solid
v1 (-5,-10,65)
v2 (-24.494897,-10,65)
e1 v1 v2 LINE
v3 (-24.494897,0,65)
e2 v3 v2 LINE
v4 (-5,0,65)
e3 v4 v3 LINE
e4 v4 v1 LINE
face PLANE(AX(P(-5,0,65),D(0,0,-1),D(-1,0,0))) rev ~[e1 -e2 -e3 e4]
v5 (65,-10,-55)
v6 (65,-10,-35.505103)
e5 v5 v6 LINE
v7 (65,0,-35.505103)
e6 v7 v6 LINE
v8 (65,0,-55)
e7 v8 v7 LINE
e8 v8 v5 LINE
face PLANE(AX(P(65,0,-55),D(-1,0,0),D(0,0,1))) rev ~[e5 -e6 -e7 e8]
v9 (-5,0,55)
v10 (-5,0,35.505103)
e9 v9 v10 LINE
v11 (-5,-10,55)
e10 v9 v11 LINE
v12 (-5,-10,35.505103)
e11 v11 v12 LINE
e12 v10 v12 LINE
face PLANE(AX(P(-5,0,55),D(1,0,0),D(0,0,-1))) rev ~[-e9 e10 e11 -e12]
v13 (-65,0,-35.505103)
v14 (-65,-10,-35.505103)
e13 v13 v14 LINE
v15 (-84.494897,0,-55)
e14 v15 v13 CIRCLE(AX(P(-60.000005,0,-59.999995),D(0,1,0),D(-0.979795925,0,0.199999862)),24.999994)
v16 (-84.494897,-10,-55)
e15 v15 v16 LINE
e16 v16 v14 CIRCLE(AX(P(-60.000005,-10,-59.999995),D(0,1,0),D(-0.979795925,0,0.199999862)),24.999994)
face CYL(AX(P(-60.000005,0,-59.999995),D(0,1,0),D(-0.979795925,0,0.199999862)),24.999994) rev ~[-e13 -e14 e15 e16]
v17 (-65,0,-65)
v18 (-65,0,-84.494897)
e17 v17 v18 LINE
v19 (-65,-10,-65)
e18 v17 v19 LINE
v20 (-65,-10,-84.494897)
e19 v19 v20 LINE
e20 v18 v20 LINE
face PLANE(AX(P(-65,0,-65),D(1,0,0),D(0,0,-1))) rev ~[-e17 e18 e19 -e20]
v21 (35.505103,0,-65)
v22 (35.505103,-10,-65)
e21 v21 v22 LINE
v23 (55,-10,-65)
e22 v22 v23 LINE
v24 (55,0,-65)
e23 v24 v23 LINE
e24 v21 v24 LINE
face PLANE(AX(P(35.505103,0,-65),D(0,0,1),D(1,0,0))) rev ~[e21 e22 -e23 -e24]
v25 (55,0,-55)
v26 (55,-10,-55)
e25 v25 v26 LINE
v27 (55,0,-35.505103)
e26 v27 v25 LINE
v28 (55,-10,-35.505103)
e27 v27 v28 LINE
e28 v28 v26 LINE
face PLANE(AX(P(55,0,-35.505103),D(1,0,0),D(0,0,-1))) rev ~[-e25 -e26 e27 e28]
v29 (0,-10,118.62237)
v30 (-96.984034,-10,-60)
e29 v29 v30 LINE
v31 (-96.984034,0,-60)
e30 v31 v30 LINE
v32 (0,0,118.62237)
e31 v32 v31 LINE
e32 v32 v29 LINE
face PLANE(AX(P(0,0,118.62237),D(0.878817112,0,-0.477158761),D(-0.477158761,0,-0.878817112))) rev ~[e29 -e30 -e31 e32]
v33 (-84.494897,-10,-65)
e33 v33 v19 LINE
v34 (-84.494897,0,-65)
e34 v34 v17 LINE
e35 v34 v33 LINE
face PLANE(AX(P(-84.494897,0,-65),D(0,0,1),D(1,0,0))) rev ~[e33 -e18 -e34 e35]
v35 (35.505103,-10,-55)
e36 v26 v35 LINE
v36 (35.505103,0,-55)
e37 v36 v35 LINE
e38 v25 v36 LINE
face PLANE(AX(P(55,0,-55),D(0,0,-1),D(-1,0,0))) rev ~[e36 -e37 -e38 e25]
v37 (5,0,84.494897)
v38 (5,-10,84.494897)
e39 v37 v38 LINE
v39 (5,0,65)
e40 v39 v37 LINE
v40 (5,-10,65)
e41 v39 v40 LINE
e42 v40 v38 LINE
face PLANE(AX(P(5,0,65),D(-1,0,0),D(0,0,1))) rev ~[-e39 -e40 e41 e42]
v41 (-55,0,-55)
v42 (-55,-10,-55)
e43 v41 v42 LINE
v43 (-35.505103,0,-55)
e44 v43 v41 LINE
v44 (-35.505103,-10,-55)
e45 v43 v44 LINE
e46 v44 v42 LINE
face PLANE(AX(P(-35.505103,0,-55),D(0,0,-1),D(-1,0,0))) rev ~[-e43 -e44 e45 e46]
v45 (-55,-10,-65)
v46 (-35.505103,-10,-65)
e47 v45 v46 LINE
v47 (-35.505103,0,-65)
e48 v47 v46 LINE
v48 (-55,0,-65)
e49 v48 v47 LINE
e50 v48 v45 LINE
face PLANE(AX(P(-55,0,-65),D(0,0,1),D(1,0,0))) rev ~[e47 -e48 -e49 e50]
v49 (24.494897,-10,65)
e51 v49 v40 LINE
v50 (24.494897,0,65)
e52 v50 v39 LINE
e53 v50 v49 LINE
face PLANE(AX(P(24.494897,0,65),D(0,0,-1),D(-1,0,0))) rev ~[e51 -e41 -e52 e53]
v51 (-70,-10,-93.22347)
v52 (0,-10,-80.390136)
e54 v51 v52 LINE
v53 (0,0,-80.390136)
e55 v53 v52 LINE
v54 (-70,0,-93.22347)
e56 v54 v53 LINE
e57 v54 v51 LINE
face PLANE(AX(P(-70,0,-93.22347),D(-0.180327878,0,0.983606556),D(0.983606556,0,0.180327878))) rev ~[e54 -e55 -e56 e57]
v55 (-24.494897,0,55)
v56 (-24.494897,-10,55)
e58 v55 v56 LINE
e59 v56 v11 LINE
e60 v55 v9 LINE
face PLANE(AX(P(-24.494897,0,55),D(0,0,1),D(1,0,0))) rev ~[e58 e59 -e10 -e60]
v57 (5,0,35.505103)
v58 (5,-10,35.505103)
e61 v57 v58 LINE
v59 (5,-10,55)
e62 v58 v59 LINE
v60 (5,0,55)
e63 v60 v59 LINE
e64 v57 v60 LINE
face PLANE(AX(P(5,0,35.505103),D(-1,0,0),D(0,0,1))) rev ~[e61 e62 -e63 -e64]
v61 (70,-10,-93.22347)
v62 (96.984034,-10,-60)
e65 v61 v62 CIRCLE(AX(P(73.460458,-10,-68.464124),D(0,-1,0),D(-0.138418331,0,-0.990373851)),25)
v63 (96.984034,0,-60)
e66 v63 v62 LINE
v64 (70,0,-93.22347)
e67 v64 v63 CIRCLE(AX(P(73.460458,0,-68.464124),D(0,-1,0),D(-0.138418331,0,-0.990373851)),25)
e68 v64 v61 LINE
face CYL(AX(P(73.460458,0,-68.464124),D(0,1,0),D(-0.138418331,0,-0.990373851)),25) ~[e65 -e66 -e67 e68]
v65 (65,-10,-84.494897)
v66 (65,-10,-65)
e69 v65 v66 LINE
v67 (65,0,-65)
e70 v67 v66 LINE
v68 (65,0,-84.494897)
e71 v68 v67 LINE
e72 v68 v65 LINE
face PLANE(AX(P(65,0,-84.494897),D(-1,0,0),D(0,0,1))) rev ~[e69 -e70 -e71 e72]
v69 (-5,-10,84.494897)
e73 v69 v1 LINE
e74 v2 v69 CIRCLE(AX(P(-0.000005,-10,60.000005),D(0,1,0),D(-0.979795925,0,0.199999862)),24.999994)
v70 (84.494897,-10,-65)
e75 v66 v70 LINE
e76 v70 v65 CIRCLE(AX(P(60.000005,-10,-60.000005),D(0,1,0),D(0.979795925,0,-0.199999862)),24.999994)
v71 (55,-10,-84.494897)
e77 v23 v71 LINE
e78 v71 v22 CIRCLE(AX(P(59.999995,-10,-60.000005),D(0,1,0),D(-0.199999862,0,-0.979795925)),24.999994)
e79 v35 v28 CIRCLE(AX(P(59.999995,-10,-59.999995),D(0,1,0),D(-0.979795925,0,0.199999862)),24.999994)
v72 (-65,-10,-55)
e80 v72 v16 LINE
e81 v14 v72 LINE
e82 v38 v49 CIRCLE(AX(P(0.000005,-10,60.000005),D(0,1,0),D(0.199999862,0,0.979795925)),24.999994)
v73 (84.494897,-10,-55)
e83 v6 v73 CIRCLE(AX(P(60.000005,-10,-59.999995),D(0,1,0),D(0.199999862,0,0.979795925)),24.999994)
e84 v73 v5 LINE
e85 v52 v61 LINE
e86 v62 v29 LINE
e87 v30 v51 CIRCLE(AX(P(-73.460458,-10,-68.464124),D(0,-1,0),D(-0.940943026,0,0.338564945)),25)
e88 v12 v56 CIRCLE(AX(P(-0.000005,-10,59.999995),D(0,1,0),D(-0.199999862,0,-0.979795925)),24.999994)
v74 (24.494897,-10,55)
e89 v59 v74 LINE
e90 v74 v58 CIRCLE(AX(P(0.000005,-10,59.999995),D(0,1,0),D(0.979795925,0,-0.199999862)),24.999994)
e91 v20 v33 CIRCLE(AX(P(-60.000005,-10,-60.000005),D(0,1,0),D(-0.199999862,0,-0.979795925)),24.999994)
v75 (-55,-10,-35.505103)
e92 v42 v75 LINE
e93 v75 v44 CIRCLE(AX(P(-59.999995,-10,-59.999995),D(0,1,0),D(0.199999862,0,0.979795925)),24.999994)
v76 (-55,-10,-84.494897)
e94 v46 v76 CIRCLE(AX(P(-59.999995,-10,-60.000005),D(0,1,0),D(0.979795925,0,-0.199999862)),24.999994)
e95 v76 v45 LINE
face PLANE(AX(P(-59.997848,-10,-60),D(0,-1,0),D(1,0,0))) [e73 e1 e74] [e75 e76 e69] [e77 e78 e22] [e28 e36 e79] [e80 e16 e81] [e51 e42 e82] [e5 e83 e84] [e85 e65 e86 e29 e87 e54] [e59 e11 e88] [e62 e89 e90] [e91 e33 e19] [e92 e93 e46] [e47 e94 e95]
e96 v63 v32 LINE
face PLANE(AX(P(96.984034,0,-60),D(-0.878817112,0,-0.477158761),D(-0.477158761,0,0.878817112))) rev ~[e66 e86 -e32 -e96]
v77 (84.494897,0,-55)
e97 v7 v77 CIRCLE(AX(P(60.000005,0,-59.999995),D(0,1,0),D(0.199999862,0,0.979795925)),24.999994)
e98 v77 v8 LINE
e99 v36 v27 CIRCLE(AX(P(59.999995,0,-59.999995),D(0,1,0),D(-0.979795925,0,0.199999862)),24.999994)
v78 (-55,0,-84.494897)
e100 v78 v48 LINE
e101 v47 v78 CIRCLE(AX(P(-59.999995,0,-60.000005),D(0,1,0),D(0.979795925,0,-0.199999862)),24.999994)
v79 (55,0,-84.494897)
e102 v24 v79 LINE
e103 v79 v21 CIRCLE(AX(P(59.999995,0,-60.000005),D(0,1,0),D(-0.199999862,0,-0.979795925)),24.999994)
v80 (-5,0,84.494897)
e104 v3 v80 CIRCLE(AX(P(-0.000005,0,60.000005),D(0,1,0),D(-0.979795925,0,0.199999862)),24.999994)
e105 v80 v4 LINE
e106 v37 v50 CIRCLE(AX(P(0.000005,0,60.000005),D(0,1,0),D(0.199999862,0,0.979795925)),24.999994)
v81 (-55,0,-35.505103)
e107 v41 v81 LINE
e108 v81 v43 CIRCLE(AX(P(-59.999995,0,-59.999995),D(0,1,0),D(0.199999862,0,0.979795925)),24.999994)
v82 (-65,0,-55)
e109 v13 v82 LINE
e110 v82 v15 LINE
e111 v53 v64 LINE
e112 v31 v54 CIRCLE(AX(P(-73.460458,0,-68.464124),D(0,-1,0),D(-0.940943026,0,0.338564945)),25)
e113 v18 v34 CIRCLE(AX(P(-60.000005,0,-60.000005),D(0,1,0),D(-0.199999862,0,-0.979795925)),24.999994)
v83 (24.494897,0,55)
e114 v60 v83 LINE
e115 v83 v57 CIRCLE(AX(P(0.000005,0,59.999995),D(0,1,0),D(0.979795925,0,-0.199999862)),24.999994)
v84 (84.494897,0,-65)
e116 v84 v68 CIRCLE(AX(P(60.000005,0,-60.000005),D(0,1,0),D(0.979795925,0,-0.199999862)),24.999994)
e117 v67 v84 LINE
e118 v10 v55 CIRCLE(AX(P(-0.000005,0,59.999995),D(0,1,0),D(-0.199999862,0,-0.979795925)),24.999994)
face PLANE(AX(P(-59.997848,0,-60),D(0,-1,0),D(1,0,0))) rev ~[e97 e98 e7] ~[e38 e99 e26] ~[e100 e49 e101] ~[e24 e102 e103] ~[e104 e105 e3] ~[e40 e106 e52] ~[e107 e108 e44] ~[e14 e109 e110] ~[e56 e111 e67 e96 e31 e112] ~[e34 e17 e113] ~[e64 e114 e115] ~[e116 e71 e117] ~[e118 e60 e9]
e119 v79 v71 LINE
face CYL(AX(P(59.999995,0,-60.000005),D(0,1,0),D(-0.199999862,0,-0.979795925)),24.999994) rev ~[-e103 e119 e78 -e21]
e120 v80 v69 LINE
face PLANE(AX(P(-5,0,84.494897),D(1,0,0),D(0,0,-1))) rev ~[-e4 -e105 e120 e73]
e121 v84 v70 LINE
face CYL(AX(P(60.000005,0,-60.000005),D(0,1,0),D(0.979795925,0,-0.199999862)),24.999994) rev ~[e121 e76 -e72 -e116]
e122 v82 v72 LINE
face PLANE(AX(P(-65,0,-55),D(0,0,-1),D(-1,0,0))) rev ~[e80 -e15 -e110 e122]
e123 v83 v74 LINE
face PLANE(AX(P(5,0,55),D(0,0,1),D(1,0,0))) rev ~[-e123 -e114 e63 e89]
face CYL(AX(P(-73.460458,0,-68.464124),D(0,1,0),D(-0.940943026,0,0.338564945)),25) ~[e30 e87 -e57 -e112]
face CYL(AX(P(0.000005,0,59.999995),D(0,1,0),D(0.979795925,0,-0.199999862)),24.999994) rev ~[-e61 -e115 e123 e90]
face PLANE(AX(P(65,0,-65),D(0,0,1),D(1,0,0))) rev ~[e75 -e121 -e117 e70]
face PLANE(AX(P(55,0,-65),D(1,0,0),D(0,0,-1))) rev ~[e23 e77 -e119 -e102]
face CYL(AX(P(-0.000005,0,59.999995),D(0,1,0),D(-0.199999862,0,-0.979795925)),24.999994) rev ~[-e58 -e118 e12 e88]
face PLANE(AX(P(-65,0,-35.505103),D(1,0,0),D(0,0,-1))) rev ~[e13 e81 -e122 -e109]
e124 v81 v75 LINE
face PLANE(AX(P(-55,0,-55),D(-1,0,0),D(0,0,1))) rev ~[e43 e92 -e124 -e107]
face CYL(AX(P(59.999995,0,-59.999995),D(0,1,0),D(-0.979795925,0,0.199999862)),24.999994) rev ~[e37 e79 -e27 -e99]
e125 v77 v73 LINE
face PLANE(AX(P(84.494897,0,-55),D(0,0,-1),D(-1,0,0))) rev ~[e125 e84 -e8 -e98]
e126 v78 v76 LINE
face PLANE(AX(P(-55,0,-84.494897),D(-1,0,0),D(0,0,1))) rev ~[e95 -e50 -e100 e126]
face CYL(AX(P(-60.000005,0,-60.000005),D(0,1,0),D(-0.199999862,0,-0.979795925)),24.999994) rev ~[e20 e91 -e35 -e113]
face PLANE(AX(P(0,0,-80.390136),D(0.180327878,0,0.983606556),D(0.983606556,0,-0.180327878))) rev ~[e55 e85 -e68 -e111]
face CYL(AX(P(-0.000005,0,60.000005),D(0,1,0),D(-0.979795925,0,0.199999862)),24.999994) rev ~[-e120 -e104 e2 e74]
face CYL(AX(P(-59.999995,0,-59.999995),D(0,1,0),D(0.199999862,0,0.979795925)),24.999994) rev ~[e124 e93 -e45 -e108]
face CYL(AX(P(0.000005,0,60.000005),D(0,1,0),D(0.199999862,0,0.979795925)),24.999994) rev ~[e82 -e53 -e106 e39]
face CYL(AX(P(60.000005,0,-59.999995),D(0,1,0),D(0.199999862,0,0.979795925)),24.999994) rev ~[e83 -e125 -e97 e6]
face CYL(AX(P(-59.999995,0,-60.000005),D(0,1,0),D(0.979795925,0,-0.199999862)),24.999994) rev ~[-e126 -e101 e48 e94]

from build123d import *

# Parameters (mm, degrees)
F1_DEPTH = 10
F2_DEPTH = 10


with BuildPart() as f1:
    # F0 (on Front) → F1 (new body)
    with BuildSketch(Plane.XZ):
        with BuildLine():
            Line((96.984034, -60), (0, 118.62237))
            Line((0, 118.62237), (-96.984034, -60))
            ThreePointArc((-96.984034, -60), (-92.866177, -84.225408), (-70, -93.22347))
            Line((-70, -93.22347), (0, -80.390136))
            Line((0, -80.390136), (70, -93.22347))
            ThreePointArc((70, -93.22347), (92.866177, -84.225408), (96.984034, -60))
        make_face()
        with BuildLine():
            ThreePointArc((-35.505103, -55), (-35.126596, -57.487276), (-35, -60))
            ThreePointArc((-35, -60), (-35.126596, -62.512724), (-35.505103, -65))
            ThreePointArc((-35.505103, -65), (-42.32233, -77.67767), (-55, -84.494897))
            ThreePointArc((-55, -84.494897), (-60, -85), (-65, -84.494897))
            ThreePointArc((-65, -84.494897), (-77.67767, -77.67767), (-84.494897, -65))
            ThreePointArc((-84.494897, -65), (-85, -60), (-84.494897, -55))
            ThreePointArc((-84.494897, -55), (-77.67767, -42.32233), (-65, -35.505103))
            ThreePointArc((-65, -35.505103), (-60, -35), (-55, -35.505103))
            ThreePointArc((-55, -35.505103), (-42.32233, -42.32233), (-35.505103, -55))
        make_face(mode=Mode.SUBTRACT)
        with BuildLine():
            ThreePointArc((84.494897, -55), (84.873404, -57.487276), (85, -60))
            ThreePointArc((85, -60), (84.873404, -62.512724), (84.494897, -65))
            ThreePointArc((84.494897, -65), (77.67767, -77.67767), (65, -84.494897))
            ThreePointArc((65, -84.494897), (60, -85), (55, -84.494897))
            ThreePointArc((55, -84.494897), (42.32233, -77.67767), (35.505103, -65))
            ThreePointArc((35.505103, -65), (35, -60), (35.505103, -55))
            ThreePointArc((35.505103, -55), (42.32233, -42.32233), (55, -35.505103))
            ThreePointArc((55, -35.505103), (60, -35), (65, -35.505103))
            ThreePointArc((65, -35.505103), (77.67767, -42.32233), (84.494897, -55))
        make_face(mode=Mode.SUBTRACT)
        with BuildLine():
            ThreePointArc((24.494897, 65), (24.873404, 62.512724), (25, 60))
            ThreePointArc((25, 60), (24.873404, 57.487276), (24.494897, 55))
            ThreePointArc((24.494897, 55), (17.67767, 42.32233), (5, 35.505103))
            ThreePointArc((5, 35.505103), (0, 35), (-5, 35.505103))
            ThreePointArc((-5, 35.505103), (-17.67767, 42.32233), (-24.494897, 55))
            ThreePointArc((-24.494897, 55), (-25, 60), (-24.494897, 65))
            ThreePointArc((-24.494897, 65), (-17.67767, 77.67767), (-5, 84.494897))
            ThreePointArc((-5, 84.494897), (0, 85), (5, 84.494897))
            ThreePointArc((5, 84.494897), (17.67767, 77.67767), (24.494897, 65))
        make_face(mode=Mode.SUBTRACT)
    extrude(amount=F1_DEPTH)

    # F0 (on Front) → F2 (join)
    with BuildSketch(Plane.XZ):
        with BuildLine():
            ThreePointArc((-35.505103, -65), (-35.126596, -62.512724), (-35, -60))
            ThreePointArc((-35, -60), (-35.126596, -57.487276), (-35.505103, -55))
            Line((-35.505103, -55), (-55, -55))
            Line((-55, -55), (-55, -35.505103))
            ThreePointArc((-55, -35.505103), (-60, -35), (-65, -35.505103))
            Line((-65, -35.505103), (-65, -55))
            Line((-65, -55), (-84.494897, -55))
            ThreePointArc((-84.494897, -55), (-85, -60), (-84.494897, -65))
            Line((-84.494897, -65), (-65, -65))
            Line((-65, -65), (-65, -84.494897))
            ThreePointArc((-65, -84.494897), (-60, -85), (-55, -84.494897))
            Line((-55, -84.494897), (-55, -65))
            Line((-55, -65), (-35.505103, -65))
        make_face()
        with BuildLine():
            ThreePointArc((84.494897, -65), (84.873404, -62.512724), (85, -60))
            ThreePointArc((85, -60), (84.873404, -57.487276), (84.494897, -55))
            Line((84.494897, -55), (65, -55))
            Line((65, -55), (65, -35.505103))
            ThreePointArc((65, -35.505103), (60, -35), (55, -35.505103))
            Line((55, -35.505103), (55, -55))
            Line((55, -55), (35.505103, -55))
            ThreePointArc((35.505103, -55), (35, -60), (35.505103, -65))
            Line((35.505103, -65), (55, -65))
            Line((55, -65), (55, -84.494897))
            ThreePointArc((55, -84.494897), (60, -85), (65, -84.494897))
            Line((65, -84.494897), (65, -65))
            Line((65, -65), (84.494897, -65))
        make_face()
        with BuildLine():
            ThreePointArc((24.494897, 55), (24.873404, 57.487276), (25, 60))
            ThreePointArc((25, 60), (24.873404, 62.512724), (24.494897, 65))
            Line((24.494897, 65), (5, 65))
            Line((5, 65), (5, 84.494897))
            ThreePointArc((5, 84.494897), (0, 85), (-5, 84.494897))
            Line((-5, 84.494897), (-5, 65))
            Line((-5, 65), (-24.494897, 65))
            ThreePointArc((-24.494897, 65), (-25, 60), (-24.494897, 55))
            Line((-24.494897, 55), (-5, 55))
            Line((-5, 55), (-5, 35.505103))
            ThreePointArc((-5, 35.505103), (0, 35), (5, 35.505103))
            Line((5, 35.505103), (5, 55))
            Line((5, 55), (24.494897, 55))
        make_face()
    extrude(amount=F2_DEPTH)


solid = f1.part
